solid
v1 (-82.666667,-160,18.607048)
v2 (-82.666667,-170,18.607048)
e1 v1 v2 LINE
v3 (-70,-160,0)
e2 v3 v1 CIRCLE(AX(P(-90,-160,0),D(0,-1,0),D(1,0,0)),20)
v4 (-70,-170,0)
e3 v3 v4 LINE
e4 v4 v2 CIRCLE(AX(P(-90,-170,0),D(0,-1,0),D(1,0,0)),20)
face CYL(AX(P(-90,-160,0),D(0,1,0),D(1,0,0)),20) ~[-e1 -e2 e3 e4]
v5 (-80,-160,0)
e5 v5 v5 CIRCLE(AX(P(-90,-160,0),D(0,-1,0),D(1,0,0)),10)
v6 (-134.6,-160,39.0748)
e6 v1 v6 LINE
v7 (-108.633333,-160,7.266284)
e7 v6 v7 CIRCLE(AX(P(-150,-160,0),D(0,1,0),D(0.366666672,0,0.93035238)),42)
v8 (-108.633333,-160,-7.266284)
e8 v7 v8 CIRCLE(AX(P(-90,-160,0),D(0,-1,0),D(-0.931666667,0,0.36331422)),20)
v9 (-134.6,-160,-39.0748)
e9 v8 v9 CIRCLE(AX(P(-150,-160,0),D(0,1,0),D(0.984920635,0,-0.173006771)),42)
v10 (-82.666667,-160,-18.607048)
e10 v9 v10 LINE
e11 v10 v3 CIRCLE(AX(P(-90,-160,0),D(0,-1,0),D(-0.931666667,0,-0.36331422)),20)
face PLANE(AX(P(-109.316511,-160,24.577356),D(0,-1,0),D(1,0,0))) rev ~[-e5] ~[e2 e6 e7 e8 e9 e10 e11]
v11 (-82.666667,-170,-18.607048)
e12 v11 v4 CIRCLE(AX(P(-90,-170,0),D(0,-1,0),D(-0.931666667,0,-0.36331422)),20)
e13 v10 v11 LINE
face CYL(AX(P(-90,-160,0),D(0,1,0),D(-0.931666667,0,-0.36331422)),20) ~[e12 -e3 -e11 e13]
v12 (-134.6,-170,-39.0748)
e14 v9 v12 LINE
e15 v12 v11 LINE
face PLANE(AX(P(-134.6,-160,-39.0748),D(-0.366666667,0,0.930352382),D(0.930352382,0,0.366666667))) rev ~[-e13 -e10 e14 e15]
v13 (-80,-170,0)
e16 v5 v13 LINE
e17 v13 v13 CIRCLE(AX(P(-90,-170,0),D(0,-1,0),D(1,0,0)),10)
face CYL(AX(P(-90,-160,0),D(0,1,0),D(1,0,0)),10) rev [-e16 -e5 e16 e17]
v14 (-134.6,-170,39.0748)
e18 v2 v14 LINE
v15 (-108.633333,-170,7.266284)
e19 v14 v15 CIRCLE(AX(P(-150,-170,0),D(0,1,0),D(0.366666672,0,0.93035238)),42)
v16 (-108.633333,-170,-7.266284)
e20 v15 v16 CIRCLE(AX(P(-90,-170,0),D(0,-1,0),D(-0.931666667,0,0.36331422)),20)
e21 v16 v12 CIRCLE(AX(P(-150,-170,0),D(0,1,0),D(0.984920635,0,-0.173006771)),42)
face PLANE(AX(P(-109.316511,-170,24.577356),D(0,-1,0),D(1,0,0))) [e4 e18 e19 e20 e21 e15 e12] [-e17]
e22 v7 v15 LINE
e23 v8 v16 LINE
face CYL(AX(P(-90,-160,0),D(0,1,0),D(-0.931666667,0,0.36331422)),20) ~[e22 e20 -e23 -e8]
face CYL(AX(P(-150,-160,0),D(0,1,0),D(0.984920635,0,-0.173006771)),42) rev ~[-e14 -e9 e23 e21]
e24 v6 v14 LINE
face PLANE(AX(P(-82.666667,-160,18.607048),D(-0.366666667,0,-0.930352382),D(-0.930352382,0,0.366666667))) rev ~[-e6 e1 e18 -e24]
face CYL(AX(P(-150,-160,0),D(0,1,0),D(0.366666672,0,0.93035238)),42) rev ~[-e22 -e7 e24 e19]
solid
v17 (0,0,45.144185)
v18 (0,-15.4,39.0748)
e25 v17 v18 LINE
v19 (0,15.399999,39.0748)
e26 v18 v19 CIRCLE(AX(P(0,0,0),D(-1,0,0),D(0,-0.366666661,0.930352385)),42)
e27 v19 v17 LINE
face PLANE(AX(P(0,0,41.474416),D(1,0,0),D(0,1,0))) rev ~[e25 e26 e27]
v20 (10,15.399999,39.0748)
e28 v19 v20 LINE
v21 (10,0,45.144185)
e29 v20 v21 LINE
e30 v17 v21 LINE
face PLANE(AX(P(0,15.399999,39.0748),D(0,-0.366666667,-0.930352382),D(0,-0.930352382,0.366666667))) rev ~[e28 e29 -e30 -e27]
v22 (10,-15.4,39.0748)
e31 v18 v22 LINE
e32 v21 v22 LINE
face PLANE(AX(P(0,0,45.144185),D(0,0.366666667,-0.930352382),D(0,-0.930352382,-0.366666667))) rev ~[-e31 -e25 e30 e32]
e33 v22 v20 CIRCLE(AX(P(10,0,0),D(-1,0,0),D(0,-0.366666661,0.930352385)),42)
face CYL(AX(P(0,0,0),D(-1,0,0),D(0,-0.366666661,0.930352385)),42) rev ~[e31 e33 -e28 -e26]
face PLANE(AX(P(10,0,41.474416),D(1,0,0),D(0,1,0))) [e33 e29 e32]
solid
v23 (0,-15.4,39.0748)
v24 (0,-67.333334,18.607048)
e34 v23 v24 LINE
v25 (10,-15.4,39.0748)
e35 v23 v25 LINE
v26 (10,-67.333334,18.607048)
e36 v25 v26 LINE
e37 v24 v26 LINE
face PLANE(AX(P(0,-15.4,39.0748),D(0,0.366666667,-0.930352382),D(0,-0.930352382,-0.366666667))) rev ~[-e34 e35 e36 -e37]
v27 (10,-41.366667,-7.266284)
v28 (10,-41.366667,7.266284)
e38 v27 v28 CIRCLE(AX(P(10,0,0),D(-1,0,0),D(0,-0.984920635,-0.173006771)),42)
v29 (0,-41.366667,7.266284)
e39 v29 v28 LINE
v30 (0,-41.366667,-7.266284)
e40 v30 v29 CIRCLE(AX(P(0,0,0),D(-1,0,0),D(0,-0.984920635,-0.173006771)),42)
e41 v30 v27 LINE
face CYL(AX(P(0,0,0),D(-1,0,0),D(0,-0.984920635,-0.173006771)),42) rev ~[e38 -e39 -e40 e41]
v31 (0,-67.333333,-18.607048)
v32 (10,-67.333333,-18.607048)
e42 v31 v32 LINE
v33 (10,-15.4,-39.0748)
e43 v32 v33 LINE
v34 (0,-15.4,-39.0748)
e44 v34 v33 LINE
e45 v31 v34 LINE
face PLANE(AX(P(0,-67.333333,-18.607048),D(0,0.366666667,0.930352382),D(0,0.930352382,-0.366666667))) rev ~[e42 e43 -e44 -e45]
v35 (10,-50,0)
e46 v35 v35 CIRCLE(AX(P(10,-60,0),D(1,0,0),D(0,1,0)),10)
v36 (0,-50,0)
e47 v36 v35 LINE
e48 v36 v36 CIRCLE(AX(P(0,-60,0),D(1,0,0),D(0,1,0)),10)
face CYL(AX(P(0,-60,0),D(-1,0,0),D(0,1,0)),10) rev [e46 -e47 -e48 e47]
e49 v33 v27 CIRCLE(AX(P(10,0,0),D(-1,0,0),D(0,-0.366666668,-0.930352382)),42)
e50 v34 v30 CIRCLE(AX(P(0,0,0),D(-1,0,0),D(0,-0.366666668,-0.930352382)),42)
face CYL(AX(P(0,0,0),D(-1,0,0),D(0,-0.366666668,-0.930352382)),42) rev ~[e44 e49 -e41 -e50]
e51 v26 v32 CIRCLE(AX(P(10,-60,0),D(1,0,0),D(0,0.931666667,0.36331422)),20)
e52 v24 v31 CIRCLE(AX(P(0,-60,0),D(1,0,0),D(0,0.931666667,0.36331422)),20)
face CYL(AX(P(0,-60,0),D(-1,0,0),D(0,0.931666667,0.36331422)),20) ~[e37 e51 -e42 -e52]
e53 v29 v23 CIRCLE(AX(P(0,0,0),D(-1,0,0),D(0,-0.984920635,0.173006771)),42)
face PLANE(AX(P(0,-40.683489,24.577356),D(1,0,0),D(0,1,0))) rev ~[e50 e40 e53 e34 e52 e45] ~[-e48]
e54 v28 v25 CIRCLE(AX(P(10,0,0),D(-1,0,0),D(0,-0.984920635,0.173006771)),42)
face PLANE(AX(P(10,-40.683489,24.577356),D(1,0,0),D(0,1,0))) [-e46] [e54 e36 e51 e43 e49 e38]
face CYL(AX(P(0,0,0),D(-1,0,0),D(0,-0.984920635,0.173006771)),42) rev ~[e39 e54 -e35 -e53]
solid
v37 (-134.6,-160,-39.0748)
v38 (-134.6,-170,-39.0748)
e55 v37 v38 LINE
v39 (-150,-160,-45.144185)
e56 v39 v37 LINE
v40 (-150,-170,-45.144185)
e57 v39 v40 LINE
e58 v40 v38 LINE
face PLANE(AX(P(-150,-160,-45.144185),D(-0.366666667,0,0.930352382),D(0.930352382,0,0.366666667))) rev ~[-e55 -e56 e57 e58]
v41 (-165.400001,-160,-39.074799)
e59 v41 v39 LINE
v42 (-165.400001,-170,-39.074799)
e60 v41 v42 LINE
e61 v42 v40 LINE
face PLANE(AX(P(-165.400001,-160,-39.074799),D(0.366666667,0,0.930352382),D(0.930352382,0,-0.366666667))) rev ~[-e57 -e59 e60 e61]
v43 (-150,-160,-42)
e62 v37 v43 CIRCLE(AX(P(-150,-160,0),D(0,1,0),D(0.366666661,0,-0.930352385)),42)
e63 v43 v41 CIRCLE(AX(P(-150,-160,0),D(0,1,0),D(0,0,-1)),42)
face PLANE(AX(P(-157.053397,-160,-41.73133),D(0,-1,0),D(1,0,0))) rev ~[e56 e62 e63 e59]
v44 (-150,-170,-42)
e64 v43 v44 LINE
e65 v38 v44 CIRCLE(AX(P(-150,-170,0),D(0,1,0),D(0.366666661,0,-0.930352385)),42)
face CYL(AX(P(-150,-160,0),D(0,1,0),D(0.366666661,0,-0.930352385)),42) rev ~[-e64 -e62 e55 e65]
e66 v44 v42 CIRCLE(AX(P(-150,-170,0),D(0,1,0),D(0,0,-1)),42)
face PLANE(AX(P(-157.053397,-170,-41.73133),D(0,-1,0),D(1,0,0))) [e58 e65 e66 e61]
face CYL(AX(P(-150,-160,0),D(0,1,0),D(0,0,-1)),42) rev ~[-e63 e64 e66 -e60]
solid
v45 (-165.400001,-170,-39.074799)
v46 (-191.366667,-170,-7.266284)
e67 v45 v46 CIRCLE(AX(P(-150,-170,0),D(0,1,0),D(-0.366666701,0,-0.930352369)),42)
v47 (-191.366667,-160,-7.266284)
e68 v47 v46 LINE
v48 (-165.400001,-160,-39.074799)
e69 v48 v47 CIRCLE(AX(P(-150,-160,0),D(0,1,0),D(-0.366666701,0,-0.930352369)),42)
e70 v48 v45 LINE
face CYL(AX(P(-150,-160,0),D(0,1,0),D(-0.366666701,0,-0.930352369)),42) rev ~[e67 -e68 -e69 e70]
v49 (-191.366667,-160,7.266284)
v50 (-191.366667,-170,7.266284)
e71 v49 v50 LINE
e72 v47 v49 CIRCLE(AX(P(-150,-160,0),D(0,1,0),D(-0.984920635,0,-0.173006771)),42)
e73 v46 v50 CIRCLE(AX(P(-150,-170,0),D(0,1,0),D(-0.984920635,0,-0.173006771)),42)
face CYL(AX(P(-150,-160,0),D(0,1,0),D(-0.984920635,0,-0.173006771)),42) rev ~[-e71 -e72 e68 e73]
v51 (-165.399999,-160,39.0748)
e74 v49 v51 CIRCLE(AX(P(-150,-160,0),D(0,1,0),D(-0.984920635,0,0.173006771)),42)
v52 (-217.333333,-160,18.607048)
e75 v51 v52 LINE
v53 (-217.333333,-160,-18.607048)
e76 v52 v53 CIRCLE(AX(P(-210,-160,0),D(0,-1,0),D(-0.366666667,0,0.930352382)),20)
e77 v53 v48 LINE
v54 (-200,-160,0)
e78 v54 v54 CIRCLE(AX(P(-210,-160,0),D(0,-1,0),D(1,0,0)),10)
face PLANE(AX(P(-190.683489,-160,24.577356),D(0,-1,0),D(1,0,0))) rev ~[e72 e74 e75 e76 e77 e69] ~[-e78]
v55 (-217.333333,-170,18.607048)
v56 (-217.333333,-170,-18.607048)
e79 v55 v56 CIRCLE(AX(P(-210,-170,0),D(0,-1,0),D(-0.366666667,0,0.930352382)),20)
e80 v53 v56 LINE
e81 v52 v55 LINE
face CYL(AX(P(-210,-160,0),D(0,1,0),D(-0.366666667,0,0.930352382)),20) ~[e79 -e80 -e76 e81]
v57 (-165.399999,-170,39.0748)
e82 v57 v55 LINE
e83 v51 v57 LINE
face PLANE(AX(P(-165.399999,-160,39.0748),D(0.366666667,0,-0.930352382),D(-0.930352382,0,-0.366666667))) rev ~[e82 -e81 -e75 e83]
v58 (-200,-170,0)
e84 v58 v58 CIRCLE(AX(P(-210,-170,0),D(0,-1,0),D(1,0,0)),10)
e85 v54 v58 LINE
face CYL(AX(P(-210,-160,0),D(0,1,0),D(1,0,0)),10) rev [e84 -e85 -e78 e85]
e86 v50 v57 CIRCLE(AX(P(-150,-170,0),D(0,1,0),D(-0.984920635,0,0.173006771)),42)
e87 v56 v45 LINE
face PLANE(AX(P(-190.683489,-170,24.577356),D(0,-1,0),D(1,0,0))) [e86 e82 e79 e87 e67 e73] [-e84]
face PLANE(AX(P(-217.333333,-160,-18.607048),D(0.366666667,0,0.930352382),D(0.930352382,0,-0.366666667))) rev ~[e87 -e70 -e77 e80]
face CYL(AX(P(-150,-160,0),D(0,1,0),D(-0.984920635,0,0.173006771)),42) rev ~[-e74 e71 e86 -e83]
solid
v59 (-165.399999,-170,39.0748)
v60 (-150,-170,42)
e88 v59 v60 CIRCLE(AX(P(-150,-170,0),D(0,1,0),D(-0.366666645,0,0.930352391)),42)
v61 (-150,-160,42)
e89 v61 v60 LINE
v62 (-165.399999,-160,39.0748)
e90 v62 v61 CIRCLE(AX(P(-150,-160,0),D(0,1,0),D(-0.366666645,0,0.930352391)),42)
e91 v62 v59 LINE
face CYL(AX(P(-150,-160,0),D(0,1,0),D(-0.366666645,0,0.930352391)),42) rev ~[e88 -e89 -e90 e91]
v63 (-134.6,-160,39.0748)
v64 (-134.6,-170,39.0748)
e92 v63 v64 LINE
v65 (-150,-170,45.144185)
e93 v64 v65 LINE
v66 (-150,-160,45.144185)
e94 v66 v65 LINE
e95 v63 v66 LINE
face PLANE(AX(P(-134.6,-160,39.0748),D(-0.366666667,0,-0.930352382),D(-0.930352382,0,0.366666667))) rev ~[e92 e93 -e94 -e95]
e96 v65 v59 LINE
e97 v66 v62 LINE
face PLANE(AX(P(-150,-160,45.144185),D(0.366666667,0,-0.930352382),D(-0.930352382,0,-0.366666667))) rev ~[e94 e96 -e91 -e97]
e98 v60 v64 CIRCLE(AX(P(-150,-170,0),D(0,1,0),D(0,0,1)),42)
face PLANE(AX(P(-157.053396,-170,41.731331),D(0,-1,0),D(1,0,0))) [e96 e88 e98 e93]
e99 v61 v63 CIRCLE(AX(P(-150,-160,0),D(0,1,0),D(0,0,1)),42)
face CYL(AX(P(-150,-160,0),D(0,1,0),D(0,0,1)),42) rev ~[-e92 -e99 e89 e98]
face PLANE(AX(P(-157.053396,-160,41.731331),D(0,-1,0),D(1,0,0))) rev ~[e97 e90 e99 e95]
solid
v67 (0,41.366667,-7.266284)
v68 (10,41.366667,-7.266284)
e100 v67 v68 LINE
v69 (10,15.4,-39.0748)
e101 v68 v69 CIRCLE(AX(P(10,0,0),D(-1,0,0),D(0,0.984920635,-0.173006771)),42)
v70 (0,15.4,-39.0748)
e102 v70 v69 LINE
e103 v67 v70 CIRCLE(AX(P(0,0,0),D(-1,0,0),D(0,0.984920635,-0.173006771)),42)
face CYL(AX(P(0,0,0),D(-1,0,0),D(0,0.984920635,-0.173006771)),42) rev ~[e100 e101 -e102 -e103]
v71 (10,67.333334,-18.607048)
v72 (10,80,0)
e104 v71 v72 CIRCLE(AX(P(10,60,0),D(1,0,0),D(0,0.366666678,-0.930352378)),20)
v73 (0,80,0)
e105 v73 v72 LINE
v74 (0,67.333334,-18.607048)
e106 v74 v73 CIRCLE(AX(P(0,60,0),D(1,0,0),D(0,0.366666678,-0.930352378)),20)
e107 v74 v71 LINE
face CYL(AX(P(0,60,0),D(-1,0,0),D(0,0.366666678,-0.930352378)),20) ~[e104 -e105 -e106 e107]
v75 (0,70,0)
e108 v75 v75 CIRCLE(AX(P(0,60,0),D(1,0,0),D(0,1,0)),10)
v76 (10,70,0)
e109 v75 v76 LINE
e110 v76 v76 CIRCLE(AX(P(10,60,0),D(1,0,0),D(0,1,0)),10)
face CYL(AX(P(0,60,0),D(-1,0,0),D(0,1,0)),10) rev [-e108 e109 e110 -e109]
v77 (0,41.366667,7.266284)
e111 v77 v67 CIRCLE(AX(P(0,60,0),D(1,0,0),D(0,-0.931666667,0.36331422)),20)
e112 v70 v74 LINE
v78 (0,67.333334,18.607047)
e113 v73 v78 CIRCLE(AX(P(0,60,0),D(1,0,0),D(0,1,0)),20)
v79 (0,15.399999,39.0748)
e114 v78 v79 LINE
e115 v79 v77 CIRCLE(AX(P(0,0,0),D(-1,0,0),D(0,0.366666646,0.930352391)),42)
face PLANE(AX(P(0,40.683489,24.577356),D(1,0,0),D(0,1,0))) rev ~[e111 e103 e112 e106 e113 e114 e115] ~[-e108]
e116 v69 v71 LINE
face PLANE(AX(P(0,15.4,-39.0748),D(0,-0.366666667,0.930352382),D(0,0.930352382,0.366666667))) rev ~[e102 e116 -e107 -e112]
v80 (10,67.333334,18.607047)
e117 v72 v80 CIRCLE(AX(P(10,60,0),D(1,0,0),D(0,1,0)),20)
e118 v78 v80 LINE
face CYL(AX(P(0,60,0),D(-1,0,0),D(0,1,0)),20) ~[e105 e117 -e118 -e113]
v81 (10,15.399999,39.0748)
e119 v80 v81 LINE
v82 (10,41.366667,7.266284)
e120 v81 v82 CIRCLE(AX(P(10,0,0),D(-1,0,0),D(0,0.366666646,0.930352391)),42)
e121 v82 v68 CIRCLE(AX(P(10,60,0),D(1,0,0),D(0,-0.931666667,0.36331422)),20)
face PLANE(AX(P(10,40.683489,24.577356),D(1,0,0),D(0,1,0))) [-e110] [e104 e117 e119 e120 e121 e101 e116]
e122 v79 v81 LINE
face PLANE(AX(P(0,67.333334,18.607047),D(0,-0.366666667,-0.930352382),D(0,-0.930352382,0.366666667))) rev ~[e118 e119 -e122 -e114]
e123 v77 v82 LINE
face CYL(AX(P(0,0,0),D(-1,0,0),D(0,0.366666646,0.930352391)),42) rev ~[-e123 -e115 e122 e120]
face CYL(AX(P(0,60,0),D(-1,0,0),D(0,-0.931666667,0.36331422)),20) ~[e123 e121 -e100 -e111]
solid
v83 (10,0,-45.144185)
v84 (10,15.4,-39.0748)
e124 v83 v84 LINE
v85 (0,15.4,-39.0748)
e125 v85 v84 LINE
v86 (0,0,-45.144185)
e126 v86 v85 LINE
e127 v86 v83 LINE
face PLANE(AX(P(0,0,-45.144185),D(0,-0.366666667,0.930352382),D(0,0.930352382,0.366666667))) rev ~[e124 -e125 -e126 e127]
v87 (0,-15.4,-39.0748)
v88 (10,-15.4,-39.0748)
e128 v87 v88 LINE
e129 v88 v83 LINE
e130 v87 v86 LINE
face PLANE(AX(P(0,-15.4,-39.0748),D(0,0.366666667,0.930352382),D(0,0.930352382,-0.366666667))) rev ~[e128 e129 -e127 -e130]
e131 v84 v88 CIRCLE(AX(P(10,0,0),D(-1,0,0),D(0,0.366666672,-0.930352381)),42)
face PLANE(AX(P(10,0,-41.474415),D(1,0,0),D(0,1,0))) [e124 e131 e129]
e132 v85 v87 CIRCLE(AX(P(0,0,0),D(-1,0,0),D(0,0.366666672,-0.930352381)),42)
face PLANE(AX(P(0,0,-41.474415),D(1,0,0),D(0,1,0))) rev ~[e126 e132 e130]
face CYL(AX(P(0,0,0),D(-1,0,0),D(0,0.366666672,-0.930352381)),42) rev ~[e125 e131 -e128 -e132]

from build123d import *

# Parameters (mm, degrees)
F3_R     = 10
F4_DEPTH = 10
F5_DEPTH = 10
F0_R     = 10


with BuildPart() as f4:
    # F3 (on offset) → F4 (new body)
    with BuildSketch(Plane.XZ.offset(160)):
        with BuildLine():
            ThreePointArc((-191.3666666667, 7.2662843936), (-182.5355038075, 26.5601391561), (-165.3999990784, 39.0748004267))
            Line((-165.3999990784, 39.0748004267), (-217.3333333333, 18.6070476493))
            ThreePointArc((-217.3333333333, 18.6070476493), (-201.9952684114, 18.3282370182), (-191.3666666667, 7.2662843936))
        make_face()
        with BuildLine():
            Line((-217.3333333333, -18.6070476493), (-165.4000014498, -39.0747994921))
            ThreePointArc((-165.4000014498, -39.0747994921), (-182.5355046135, -26.5601381688), (-191.3666666667, -7.2662843936))
            ThreePointArc((-191.3666666667, -7.2662843936), (-201.9952684114, -18.3282370182), (-217.3333333333, -18.6070476493))
        make_face()
        with BuildLine():
            ThreePointArc((-191.3666666667, -7.2662843936), (-192, 0), (-191.3666666667, 7.2662843936))
            ThreePointArc((-191.3666666667, 7.2662843936), (-201.9952684114, 18.3282370182), (-217.3333333333, 18.6070476493))
            ThreePointArc((-217.3333333333, 18.6070476493), (-230, 0), (-217.3333333333, -18.6070476493))
            ThreePointArc((-217.3333333333, -18.6070476493), (-201.9952684114, -18.3282370182), (-191.3666666667, -7.2662843936))
        make_face()
        with Locations((-210, 0)):
            Circle(F3_R, mode=Mode.SUBTRACT)
    extrude(amount=F4_DEPTH)


with BuildPart() as f4b:
    # F3 (on offset) → F4, piece 2 (new body)
    with BuildSketch(Plane.XZ.offset(160)):
        with BuildLine():
            Line((-82.6666666667, 18.6070476493), (-134.5999997898, 39.0747999806))
            ThreePointArc((-134.5999997898, 39.0747999806), (-117.4644958078, 26.5601386849), (-108.6333333333, 7.2662843936))
            ThreePointArc((-108.6333333333, 7.2662843936), (-98.0047315886, 18.3282370182), (-82.6666666667, 18.6070476493))
        make_face()
        with BuildLine():
            ThreePointArc((-108.6333333333, -7.2662843936), (-117.4644959547, -26.5601388649), (-134.6000002221, -39.074800151))
            Line((-134.6000002221, -39.074800151), (-82.6666666667, -18.6070476493))
            ThreePointArc((-82.6666666667, -18.6070476493), (-98.0047315886, -18.3282370182), (-108.6333333333, -7.2662843936))
        make_face()
        with BuildLine():
            ThreePointArc((-82.6666666667, 18.6070476493), (-98.0047315886, 18.3282370182), (-108.6333333333, 7.2662843936))
            ThreePointArc((-108.6333333333, 7.2662843936), (-108.1586329095, 3.6469165058), (-108, 0))
            ThreePointArc((-108, 0), (-108.1586329095, -3.6469165058), (-108.6333333333, -7.2662843936))
            ThreePointArc((-108.6333333333, -7.2662843936), (-98.0047315886, -18.3282370182), (-82.6666666667, -18.6070476493))
            ThreePointArc((-82.6666666667, -18.6070476493), (-73.4672043098, -11.2546286774), (-70, 0))
            ThreePointArc((-70, 0), (-73.4672043098, 11.2546286774), (-82.6666666667, 18.6070476493))
        make_face()
        with Locations((-90, 0)):
            Circle(F3_R, mode=Mode.SUBTRACT)
        with BuildLine():
            ThreePointArc((-108, 0), (-108.1586329095, 3.6469165058), (-108.6333333333, 7.2662843936))
            ThreePointArc((-108.6333333333, 7.2662843936), (-110, 0), (-108.6333333333, -7.2662843936))
            ThreePointArc((-108.6333333333, -7.2662843936), (-108.1586329095, -3.6469165058), (-108, 0))
        make_face()
    extrude(amount=F4_DEPTH)


with BuildPart() as f4c:
    # F3 (on offset) → F4, piece 3 (new body)
    with BuildSketch(Plane.XZ.offset(160)):
        with BuildLine():
            ThreePointArc((-165.3999990784, 39.0748004267), (-157.837677656, 41.2622201167), (-150, 42))
            Line((-150, 42), (-150, 45.1441849257))
            Line((-150, 45.1441849257), (-165.3999990784, 39.0748004267))
        make_face()
        with BuildLine():
            Line((-150, 45.1441849257), (-150, 42))
            ThreePointArc((-150, 42), (-142.1623217464, 41.2622200032), (-134.5999997898, 39.0747999806))
            Line((-134.5999997898, 39.0747999806), (-150, 45.1441849257))
        make_face()
    extrude(amount=F4_DEPTH)


with BuildPart() as f4d:
    # F3 (on offset) → F4, piece 4 (new body)
    with BuildSketch(Plane.XZ.offset(160)):
        with BuildLine():
            Line((-150, -45.1441849257), (-150, -42))
            ThreePointArc((-150, -42), (-157.8376789081, -41.2622198789), (-165.4000014498, -39.0747994921))
            Line((-165.4000014498, -39.0747994921), (-150, -45.1441849257))
        make_face()
        with BuildLine():
            ThreePointArc((-134.6000002221, -39.074800151), (-142.1623219746, -41.2622200466), (-150, -42))
            Line((-150, -42), (-150, -45.1441849257))
            Line((-150, -45.1441849257), (-134.6000002221, -39.074800151))
        make_face()
    extrude(amount=F4_DEPTH)


with BuildPart() as f5:
    # F0 (on Right) → F5 (new body)
    with BuildSketch(Plane.YZ):
        with BuildLine():
            ThreePointArc((-15.3999997771, 39.0748001513), (-3.545e-07, 42), (15.3999991174, 39.0748004113))
            Line((15.3999991174, 39.0748004113), (0, 45.1441849257))
            Line((0, 45.1441849257), (-15.3999997771, 39.0748001513))
        make_face()
    extrude(amount=F5_DEPTH)


with BuildPart() as f5b:
    # F0 (on Right) → F5, piece 2 (new body)
    with BuildSketch(Plane.YZ):
        with BuildLine():
            ThreePointArc((-41.3666666667, 7.2662843936), (-32.535504045, 26.5601388652), (-15.3999997771, 39.0748001513))
            Line((-15.3999997771, 39.0748001513), (-67.3333335684, 18.6070475566))
            ThreePointArc((-67.3333335684, 18.6070475566), (-51.9952685272, 18.3282370687), (-41.3666666667, 7.2662843936))
        make_face()
        with BuildLine():
            Line((-67.3333333845, -18.6070476291), (-15.4000000451, -39.0748000457))
            ThreePointArc((-15.4000000451, -39.0748000457), (-32.5355041361, -26.5601387536), (-41.3666666667, -7.2662843936))
            ThreePointArc((-41.3666666667, -7.2662843936), (-51.9952684366, -18.3282370292), (-67.3333333845, -18.6070476291))
        make_face()
        with BuildLine():
            ThreePointArc((-41.3666666667, -7.2662843936), (-42, 0), (-41.3666666667, 7.2662843936))
            ThreePointArc((-41.3666666667, 7.2662843936), (-51.9952685272, 18.3282370687), (-67.3333335684, 18.6070475566))
            ThreePointArc((-67.3333335684, 18.6070475566), (-80, -9.88e-08), (-67.3333333845, -18.6070476291))
            ThreePointArc((-67.3333333845, -18.6070476291), (-51.9952684366, -18.3282370292), (-41.3666666667, -7.2662843936))
        make_face()
        with Locations((-60, 0)):
            Circle(F0_R, mode=Mode.SUBTRACT)
    extrude(amount=F5_DEPTH)


with BuildPart() as f5c:
    # F0 (on Right) → F5, piece 3 (new body)
    with BuildSketch(Plane.YZ):
        with BuildLine():
            ThreePointArc((15.3999991174, 39.0748004113), (32.5355038208, 26.5601391399), (41.3666666667, 7.2662843936))
            ThreePointArc((41.3666666667, 7.2662843936), (51.9952686178, 18.3282371083), (67.3333337523, 18.6070474842))
            Line((67.3333337523, 18.6070474842), (15.3999991174, 39.0748004113))
        make_face()
        with BuildLine():
            ThreePointArc((41.3666666667, 7.2662843936), (41.8413670905, 3.6469165058), (42, 0))
            ThreePointArc((42, 0), (41.8413670905, -3.6469165058), (41.3666666667, -7.2662843936))
            ThreePointArc((41.3666666667, -7.2662843936), (51.9952685272, -18.3282370687), (67.3333335684, -18.6070475566))
            ThreePointArc((67.3333335684, -18.6070475566), (76.5327957613, -11.254628573), (80, 0))
            ThreePointArc((80, 0), (76.5327958169, 11.2546284913), (67.3333337523, 18.6070474842))
            ThreePointArc((67.3333337523, 18.6070474842), (51.9952686178, 18.3282371083), (41.3666666667, 7.2662843936))
        make_face()
        with Locations((60, 0)):
            Circle(F0_R, mode=Mode.SUBTRACT)
        with BuildLine():
            ThreePointArc((41.3666666667, -7.2662843936), (41.8413670905, -3.6469165058), (42, 0))
            ThreePointArc((42, 0), (41.8413670905, 3.6469165058), (41.3666666667, 7.2662843936))
            ThreePointArc((41.3666666667, 7.2662843936), (40, 0), (41.3666666667, -7.2662843936))
        make_face()
        with BuildLine():
            ThreePointArc((67.3333335684, -18.6070475566), (51.9952685272, -18.3282370687), (41.3666666667, -7.2662843936))
            ThreePointArc((41.3666666667, -7.2662843936), (32.535504191, -26.5601386863), (15.4000002067, -39.074799982))
            Line((15.4000002067, -39.074799982), (67.3333335684, -18.6070475566))
        make_face()
    extrude(amount=F5_DEPTH)


with BuildPart() as f5d:
    # F0 (on Right) → F5, piece 4 (new body)
    with BuildSketch(Plane.YZ):
        with BuildLine():
            Line((0, -45.1441849257), (15.4000002067, -39.074799982))
            ThreePointArc((15.4000002067, -39.074799982), (8.69e-08, -42), (-15.4000000451, -39.0748000457))
            Line((-15.4000000451, -39.0748000457), (0, -45.1441849257))
        make_face()
    extrude(amount=F5_DEPTH)


solid = Compound([f4.part, f4b.part, f4c.part, f4d.part, f5.part, f5b.part, f5c.part, f5d.part])
